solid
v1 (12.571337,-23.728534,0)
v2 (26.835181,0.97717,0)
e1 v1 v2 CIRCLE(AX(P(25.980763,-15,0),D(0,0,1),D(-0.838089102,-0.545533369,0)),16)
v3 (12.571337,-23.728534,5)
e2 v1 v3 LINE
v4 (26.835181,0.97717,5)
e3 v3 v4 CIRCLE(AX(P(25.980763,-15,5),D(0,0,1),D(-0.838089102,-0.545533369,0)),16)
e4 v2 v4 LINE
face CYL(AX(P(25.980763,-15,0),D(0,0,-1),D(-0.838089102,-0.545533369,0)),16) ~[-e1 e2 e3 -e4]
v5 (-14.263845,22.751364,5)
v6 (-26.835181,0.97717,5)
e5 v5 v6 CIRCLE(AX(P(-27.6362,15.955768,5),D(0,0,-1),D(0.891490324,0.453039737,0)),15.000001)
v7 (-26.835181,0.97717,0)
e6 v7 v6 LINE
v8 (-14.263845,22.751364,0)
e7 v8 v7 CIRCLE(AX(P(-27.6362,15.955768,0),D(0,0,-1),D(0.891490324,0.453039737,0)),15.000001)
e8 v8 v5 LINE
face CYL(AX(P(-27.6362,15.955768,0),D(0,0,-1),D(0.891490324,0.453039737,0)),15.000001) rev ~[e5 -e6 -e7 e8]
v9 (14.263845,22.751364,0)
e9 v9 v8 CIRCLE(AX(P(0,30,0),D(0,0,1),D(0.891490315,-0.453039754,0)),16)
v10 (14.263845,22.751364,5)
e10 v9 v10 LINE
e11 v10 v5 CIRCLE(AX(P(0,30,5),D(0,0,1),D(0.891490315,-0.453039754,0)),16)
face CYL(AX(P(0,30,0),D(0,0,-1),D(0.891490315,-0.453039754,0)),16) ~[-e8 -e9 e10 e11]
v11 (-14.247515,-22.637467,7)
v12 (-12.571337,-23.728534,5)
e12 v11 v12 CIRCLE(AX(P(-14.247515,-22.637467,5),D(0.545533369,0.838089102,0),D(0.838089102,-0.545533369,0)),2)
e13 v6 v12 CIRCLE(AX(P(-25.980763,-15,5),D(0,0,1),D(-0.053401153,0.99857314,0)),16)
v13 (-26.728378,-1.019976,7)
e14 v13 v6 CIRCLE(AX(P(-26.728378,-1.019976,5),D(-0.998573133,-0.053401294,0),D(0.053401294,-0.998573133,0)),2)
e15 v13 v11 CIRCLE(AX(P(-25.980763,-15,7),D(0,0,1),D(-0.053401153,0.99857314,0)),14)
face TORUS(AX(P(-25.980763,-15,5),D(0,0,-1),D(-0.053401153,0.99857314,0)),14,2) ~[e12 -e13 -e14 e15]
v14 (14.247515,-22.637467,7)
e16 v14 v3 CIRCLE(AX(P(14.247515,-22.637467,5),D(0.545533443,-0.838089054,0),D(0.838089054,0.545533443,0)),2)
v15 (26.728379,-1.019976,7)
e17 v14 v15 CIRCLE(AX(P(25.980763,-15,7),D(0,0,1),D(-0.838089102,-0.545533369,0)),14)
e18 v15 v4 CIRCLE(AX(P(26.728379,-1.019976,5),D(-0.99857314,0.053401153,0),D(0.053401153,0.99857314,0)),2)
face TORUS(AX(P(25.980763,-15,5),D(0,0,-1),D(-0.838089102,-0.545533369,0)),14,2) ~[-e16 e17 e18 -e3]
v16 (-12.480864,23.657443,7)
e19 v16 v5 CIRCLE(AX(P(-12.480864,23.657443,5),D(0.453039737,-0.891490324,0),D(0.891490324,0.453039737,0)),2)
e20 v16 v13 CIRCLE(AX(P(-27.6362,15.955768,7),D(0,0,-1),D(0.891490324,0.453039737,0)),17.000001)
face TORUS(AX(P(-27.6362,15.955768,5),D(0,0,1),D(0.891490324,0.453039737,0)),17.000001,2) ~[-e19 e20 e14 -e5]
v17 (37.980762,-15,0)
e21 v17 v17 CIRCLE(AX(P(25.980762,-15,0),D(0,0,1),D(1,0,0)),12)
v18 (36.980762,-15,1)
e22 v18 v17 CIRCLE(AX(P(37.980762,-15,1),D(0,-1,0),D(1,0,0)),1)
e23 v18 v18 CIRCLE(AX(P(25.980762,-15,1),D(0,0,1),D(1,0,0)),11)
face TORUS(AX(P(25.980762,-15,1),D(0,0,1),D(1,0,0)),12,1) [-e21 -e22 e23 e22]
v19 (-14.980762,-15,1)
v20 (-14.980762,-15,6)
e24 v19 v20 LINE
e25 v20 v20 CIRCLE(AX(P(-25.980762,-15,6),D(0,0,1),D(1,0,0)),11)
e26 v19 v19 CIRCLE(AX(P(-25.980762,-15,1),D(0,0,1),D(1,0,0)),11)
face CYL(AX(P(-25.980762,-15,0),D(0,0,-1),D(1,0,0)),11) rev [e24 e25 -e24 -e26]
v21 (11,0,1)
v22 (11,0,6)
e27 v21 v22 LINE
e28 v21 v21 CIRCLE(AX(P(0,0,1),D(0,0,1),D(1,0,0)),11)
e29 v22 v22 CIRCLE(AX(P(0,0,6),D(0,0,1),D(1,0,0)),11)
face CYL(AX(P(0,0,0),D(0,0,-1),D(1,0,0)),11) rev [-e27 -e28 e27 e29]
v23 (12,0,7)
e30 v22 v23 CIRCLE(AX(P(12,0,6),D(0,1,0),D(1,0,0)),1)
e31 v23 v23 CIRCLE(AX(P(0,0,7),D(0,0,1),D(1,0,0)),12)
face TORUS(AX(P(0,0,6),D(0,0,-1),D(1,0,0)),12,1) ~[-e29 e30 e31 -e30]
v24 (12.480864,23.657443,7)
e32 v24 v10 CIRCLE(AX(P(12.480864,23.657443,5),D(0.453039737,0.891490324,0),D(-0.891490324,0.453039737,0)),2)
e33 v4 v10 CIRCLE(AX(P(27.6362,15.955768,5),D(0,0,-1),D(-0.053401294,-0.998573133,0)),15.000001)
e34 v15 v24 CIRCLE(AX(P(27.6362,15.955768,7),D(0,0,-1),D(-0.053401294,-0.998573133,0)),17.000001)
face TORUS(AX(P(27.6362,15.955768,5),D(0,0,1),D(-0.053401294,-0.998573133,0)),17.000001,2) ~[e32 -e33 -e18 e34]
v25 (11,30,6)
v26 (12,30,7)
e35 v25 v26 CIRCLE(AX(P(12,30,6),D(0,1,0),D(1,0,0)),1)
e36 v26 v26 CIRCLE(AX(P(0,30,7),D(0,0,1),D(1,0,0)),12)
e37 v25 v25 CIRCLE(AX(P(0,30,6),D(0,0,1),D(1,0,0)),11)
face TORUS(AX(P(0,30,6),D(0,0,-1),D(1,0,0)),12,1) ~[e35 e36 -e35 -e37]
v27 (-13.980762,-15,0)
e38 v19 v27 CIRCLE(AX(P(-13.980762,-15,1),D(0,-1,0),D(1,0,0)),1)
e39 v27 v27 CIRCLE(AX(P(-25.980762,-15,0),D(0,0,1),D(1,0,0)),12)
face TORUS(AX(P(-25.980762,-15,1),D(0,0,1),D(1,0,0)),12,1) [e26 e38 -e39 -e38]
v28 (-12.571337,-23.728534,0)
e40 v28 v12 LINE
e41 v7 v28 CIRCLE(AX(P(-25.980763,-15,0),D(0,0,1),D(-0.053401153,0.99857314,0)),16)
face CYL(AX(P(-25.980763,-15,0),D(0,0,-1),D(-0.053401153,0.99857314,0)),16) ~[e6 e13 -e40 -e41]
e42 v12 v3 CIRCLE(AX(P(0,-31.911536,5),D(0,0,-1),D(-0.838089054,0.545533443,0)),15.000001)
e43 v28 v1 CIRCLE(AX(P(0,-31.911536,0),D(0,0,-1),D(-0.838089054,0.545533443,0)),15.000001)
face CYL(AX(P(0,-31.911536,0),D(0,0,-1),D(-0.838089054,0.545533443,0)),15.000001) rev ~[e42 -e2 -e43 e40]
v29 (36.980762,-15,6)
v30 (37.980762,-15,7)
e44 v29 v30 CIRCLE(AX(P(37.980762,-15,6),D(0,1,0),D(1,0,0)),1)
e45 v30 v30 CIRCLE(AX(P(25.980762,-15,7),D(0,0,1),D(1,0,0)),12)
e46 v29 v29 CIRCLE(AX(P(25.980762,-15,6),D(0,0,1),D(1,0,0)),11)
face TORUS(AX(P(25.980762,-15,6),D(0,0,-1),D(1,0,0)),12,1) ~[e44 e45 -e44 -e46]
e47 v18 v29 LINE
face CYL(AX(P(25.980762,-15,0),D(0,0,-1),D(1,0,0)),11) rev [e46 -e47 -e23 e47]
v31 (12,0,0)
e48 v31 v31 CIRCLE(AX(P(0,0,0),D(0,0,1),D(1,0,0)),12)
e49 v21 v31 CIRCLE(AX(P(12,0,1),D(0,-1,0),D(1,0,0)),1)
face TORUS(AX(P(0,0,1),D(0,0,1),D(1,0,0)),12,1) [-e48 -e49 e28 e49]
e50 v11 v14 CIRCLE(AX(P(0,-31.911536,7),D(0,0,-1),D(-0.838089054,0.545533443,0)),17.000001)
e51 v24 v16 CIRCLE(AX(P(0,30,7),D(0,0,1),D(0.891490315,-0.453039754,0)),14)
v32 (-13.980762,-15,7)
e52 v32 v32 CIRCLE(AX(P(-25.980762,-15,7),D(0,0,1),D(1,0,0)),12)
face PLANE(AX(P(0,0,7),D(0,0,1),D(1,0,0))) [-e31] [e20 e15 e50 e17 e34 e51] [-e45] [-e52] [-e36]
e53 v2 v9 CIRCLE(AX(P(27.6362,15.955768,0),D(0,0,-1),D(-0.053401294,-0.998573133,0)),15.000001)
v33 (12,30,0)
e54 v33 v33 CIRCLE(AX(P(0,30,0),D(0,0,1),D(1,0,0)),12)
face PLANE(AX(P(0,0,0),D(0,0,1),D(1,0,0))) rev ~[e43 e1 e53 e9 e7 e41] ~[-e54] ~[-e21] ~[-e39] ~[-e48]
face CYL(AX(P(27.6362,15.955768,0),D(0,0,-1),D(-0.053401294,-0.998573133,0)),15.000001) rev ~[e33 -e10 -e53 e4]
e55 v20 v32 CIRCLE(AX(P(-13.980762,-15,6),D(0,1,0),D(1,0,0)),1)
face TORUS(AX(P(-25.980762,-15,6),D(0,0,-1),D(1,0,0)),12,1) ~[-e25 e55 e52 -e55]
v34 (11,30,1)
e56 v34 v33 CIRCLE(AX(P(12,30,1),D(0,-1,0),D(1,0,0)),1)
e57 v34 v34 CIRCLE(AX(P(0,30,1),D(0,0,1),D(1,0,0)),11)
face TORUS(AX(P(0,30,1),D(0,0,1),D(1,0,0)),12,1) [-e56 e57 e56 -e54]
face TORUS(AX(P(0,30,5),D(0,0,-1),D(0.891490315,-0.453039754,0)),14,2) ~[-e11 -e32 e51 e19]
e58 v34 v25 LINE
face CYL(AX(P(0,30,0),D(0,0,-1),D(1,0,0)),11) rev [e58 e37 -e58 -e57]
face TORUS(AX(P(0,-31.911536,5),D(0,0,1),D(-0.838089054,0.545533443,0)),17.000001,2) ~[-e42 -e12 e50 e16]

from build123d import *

# Parameters (mm, degrees)
F0_R     = 11
F1_DEPTH = 7
F2_R     = 1
F3_R     = 2


with BuildPart() as f1:
    # F0 (on Top) → F1 (new body)
    with BuildSketch(Plane.XY):
        with BuildLine():
            ThreePointArc((26.835181, 0.97717), (14.645819, 8.455767), (14.263845, 22.751364))
            ThreePointArc((14.263845, 22.751364), (0, 46), (-14.263845, 22.751364))
            ThreePointArc((-14.263845, 22.751364), (-14.645819, 8.455767), (-26.835181, 0.97717))
            ThreePointArc((-26.835181, 0.97717), (-39.837169, -23), (-12.571337, -23.728534))
            ThreePointArc((-12.571337, -23.728534), (0, -16.911535), (12.571337, -23.728534))
            ThreePointArc((12.571337, -23.728534), (39.837169, -23), (26.835181, 0.97717))
        make_face()
        with Locations((-25.980762, -15)):
            Circle(F0_R, mode=Mode.SUBTRACT)
        with Locations((25.980762, -15)):
            Circle(F0_R, mode=Mode.SUBTRACT)
        Circle(F0_R, mode=Mode.SUBTRACT)
        with Locations((0, 30)):
            Circle(F0_R, mode=Mode.SUBTRACT)
    extrude(amount=F1_DEPTH)

    # F2
    f2_edges = [f1.edges().sort_by_distance(p)[0] for p in [
        (-11, 30, 7),
        (-11, 0, 7),
        (14.980762, -15, 7),
        (-36.980762, -15, 7),
        (-36.980762, -15, 0),
        (-11, 0, 0),
        (14.980762, -15, 0),
        (-11, 30, 0),
    ]]
    fillet(f2_edges, radius=F2_R)

    # F3
    f3_edges = [f1.edges().sort_by_distance(p)[0] for p in [
        (-14.645819, 8.455767, 7),
    ]]
    fillet(f3_edges, radius=F3_R)


solid = f1.part
